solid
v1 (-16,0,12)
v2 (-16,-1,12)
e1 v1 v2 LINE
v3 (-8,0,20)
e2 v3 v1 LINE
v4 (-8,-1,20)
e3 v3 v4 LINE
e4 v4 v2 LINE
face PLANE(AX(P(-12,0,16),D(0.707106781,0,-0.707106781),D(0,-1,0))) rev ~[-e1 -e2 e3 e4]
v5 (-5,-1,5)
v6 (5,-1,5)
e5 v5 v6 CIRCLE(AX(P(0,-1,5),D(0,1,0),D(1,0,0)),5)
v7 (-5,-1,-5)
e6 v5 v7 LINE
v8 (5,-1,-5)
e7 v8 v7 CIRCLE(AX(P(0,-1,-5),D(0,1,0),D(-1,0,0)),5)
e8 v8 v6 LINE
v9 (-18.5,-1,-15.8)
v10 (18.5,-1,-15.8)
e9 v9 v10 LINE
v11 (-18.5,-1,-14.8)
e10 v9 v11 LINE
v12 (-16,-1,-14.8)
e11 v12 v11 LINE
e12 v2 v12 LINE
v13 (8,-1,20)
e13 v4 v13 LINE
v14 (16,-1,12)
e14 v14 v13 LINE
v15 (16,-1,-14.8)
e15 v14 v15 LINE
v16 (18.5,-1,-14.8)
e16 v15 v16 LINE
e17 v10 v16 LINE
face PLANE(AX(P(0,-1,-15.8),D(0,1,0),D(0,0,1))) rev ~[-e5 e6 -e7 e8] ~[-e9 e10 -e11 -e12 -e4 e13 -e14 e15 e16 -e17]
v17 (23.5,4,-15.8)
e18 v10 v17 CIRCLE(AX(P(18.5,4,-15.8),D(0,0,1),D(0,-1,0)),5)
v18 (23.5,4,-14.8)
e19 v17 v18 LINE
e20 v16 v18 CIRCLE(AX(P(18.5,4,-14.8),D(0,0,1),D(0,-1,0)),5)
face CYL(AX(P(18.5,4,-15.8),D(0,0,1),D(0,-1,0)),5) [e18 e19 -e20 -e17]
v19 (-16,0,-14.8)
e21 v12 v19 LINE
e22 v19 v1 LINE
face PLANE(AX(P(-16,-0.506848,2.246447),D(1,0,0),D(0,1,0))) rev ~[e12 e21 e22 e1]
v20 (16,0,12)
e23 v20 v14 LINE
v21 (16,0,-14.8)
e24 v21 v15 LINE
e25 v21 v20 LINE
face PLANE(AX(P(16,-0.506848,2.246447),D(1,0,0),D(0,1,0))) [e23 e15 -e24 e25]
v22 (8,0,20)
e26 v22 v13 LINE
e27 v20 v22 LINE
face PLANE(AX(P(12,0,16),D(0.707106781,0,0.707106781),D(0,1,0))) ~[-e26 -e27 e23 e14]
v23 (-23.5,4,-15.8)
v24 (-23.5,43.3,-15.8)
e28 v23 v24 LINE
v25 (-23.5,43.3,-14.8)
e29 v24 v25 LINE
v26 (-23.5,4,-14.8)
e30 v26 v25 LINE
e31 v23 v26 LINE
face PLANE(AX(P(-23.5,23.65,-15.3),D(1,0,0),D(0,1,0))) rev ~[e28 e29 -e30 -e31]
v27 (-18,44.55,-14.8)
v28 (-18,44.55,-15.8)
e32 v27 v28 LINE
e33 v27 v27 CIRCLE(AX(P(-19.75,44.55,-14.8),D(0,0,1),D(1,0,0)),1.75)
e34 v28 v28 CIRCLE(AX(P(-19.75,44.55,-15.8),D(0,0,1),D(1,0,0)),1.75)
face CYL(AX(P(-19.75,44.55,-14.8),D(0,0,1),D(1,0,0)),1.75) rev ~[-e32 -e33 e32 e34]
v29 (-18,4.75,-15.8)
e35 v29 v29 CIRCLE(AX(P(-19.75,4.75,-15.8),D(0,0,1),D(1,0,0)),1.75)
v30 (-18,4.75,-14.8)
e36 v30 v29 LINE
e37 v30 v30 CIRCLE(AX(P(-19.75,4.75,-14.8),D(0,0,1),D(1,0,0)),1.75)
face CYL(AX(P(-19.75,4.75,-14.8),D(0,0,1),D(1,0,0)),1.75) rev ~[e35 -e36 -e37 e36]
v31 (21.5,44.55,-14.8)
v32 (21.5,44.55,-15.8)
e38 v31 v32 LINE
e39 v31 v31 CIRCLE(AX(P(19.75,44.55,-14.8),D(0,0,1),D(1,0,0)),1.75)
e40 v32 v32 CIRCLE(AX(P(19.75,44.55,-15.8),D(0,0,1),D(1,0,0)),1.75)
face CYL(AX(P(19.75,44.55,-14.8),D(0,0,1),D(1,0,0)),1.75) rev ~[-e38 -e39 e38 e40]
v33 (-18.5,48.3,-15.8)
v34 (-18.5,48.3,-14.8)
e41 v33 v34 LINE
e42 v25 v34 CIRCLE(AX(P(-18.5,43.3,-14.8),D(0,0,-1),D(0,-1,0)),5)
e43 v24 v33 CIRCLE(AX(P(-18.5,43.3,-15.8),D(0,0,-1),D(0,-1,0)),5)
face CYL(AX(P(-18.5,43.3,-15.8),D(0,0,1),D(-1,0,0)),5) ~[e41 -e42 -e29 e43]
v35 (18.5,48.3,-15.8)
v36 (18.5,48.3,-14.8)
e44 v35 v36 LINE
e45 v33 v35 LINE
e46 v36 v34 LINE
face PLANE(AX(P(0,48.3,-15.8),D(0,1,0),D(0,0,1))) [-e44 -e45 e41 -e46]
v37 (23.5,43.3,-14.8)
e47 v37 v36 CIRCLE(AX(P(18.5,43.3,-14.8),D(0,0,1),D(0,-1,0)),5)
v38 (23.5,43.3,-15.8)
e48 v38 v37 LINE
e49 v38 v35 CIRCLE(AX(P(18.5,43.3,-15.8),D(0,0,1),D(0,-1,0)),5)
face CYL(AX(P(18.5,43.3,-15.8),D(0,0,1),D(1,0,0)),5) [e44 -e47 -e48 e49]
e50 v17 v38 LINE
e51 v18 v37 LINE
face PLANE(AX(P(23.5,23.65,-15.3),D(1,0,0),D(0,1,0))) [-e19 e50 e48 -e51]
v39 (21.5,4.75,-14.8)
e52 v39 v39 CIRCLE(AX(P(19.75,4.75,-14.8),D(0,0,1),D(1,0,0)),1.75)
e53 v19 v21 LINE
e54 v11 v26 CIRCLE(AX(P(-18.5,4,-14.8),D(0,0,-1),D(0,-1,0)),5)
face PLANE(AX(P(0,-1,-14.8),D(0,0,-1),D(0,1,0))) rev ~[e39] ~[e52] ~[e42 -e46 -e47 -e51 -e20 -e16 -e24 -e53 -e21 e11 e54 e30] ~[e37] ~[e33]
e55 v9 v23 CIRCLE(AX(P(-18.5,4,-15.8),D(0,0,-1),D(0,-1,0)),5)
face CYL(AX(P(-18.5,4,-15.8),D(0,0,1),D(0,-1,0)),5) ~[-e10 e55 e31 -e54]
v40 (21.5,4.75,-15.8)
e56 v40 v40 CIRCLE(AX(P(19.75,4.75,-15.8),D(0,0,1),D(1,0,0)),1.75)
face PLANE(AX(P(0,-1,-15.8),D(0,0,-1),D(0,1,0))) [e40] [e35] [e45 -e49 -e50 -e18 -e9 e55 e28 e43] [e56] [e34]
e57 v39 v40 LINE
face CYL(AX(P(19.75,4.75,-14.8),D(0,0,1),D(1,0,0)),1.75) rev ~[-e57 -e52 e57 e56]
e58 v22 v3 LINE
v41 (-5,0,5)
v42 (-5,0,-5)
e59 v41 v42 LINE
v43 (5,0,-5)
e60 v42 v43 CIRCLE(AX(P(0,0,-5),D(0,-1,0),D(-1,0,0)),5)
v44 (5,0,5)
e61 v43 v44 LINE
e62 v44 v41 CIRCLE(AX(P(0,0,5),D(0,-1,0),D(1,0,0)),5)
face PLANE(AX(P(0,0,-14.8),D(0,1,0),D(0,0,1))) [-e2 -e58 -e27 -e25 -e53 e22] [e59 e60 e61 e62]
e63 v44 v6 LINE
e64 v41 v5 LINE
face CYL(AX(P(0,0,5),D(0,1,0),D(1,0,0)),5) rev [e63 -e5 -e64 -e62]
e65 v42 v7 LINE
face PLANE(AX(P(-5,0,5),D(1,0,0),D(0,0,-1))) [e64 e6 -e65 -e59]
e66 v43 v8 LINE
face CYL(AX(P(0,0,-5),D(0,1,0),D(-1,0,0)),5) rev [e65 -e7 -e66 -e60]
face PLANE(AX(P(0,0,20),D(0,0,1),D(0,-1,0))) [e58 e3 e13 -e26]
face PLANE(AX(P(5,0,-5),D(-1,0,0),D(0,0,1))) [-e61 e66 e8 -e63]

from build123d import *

# Parameters (mm, degrees)
F1_DEPTH      = 16
F1_DEPTH_BACK = 16
F2_W          = 49.3
F2_H          = 1
F3_DEPTH      = 23.5
F3_DEPTH_BACK = 23.5
F5_SIZE       = 8
F6_DEPTH      = 5
F7_R          = 5
F8_R          = 1.75
F9_DEPTH      = 25


with BuildPart() as f1:
    # F0 (on Right) → F1 (new body, two sides)
    with BuildSketch(Plane.YZ) as f1_sk:
        Polygon((0, 20), (-1, 20), (-1, -15.8), (0, -14.8), align=None)
    extrude(amount=F1_DEPTH)
    extrude(f1_sk.sketch, amount=-F1_DEPTH_BACK)

    # F2 (on Right) → F3 (join, two sides)
    with BuildSketch(Plane.YZ) as f3_sk:
        with Locations((23.65, -15.3)):
            Rectangle(F2_W, F2_H)
    extrude(amount=F3_DEPTH)
    extrude(f3_sk.sketch, amount=-F3_DEPTH_BACK)

    # F5
    f5_edges = [f1.edges().sort_by_distance(p)[0] for p in [
        (-16, -0.5, 20),
        (16, -0.5, 20),
    ]]
    chamfer(f5_edges, length=F5_SIZE)

    # F4 (on Front) → F6 (cut)
    with BuildSketch(Plane.XZ):
        with BuildLine():
            Line((5, -5), (5, 5))
            ThreePointArc((5, 5), (0, 10), (-5, 5))
            Line((-5, 5), (-5, -5))
            ThreePointArc((-5, -5), (0, -10), (5, -5))
        make_face()
    extrude(amount=F6_DEPTH, mode=Mode.SUBTRACT)

    # F7
    f7_edges = [f1.edges().sort_by_distance(p)[0] for p in [
        (23.5, 48.3, -15.3),
        (-23.5, 48.3, -15.3),
        (23.5, -1, -15.3),
        (-23.5, -1, -15.3),
    ]]
    fillet(f7_edges, radius=F7_R)

    # F8 (on face) → F9 (cut)
    with BuildSketch(Plane.XY.offset(-14.8)):
        with Locations((-19.75, 44.55)):
            Circle(F8_R)
        with Locations((-19.75, 4.75)):
            Circle(F8_R)
        with Locations((19.75, 4.75)):
            Circle(F8_R)
        with Locations((19.75, 44.55)):
            Circle(F8_R)
    extrude(amount=-F9_DEPTH, mode=Mode.SUBTRACT)


solid = f1.part
